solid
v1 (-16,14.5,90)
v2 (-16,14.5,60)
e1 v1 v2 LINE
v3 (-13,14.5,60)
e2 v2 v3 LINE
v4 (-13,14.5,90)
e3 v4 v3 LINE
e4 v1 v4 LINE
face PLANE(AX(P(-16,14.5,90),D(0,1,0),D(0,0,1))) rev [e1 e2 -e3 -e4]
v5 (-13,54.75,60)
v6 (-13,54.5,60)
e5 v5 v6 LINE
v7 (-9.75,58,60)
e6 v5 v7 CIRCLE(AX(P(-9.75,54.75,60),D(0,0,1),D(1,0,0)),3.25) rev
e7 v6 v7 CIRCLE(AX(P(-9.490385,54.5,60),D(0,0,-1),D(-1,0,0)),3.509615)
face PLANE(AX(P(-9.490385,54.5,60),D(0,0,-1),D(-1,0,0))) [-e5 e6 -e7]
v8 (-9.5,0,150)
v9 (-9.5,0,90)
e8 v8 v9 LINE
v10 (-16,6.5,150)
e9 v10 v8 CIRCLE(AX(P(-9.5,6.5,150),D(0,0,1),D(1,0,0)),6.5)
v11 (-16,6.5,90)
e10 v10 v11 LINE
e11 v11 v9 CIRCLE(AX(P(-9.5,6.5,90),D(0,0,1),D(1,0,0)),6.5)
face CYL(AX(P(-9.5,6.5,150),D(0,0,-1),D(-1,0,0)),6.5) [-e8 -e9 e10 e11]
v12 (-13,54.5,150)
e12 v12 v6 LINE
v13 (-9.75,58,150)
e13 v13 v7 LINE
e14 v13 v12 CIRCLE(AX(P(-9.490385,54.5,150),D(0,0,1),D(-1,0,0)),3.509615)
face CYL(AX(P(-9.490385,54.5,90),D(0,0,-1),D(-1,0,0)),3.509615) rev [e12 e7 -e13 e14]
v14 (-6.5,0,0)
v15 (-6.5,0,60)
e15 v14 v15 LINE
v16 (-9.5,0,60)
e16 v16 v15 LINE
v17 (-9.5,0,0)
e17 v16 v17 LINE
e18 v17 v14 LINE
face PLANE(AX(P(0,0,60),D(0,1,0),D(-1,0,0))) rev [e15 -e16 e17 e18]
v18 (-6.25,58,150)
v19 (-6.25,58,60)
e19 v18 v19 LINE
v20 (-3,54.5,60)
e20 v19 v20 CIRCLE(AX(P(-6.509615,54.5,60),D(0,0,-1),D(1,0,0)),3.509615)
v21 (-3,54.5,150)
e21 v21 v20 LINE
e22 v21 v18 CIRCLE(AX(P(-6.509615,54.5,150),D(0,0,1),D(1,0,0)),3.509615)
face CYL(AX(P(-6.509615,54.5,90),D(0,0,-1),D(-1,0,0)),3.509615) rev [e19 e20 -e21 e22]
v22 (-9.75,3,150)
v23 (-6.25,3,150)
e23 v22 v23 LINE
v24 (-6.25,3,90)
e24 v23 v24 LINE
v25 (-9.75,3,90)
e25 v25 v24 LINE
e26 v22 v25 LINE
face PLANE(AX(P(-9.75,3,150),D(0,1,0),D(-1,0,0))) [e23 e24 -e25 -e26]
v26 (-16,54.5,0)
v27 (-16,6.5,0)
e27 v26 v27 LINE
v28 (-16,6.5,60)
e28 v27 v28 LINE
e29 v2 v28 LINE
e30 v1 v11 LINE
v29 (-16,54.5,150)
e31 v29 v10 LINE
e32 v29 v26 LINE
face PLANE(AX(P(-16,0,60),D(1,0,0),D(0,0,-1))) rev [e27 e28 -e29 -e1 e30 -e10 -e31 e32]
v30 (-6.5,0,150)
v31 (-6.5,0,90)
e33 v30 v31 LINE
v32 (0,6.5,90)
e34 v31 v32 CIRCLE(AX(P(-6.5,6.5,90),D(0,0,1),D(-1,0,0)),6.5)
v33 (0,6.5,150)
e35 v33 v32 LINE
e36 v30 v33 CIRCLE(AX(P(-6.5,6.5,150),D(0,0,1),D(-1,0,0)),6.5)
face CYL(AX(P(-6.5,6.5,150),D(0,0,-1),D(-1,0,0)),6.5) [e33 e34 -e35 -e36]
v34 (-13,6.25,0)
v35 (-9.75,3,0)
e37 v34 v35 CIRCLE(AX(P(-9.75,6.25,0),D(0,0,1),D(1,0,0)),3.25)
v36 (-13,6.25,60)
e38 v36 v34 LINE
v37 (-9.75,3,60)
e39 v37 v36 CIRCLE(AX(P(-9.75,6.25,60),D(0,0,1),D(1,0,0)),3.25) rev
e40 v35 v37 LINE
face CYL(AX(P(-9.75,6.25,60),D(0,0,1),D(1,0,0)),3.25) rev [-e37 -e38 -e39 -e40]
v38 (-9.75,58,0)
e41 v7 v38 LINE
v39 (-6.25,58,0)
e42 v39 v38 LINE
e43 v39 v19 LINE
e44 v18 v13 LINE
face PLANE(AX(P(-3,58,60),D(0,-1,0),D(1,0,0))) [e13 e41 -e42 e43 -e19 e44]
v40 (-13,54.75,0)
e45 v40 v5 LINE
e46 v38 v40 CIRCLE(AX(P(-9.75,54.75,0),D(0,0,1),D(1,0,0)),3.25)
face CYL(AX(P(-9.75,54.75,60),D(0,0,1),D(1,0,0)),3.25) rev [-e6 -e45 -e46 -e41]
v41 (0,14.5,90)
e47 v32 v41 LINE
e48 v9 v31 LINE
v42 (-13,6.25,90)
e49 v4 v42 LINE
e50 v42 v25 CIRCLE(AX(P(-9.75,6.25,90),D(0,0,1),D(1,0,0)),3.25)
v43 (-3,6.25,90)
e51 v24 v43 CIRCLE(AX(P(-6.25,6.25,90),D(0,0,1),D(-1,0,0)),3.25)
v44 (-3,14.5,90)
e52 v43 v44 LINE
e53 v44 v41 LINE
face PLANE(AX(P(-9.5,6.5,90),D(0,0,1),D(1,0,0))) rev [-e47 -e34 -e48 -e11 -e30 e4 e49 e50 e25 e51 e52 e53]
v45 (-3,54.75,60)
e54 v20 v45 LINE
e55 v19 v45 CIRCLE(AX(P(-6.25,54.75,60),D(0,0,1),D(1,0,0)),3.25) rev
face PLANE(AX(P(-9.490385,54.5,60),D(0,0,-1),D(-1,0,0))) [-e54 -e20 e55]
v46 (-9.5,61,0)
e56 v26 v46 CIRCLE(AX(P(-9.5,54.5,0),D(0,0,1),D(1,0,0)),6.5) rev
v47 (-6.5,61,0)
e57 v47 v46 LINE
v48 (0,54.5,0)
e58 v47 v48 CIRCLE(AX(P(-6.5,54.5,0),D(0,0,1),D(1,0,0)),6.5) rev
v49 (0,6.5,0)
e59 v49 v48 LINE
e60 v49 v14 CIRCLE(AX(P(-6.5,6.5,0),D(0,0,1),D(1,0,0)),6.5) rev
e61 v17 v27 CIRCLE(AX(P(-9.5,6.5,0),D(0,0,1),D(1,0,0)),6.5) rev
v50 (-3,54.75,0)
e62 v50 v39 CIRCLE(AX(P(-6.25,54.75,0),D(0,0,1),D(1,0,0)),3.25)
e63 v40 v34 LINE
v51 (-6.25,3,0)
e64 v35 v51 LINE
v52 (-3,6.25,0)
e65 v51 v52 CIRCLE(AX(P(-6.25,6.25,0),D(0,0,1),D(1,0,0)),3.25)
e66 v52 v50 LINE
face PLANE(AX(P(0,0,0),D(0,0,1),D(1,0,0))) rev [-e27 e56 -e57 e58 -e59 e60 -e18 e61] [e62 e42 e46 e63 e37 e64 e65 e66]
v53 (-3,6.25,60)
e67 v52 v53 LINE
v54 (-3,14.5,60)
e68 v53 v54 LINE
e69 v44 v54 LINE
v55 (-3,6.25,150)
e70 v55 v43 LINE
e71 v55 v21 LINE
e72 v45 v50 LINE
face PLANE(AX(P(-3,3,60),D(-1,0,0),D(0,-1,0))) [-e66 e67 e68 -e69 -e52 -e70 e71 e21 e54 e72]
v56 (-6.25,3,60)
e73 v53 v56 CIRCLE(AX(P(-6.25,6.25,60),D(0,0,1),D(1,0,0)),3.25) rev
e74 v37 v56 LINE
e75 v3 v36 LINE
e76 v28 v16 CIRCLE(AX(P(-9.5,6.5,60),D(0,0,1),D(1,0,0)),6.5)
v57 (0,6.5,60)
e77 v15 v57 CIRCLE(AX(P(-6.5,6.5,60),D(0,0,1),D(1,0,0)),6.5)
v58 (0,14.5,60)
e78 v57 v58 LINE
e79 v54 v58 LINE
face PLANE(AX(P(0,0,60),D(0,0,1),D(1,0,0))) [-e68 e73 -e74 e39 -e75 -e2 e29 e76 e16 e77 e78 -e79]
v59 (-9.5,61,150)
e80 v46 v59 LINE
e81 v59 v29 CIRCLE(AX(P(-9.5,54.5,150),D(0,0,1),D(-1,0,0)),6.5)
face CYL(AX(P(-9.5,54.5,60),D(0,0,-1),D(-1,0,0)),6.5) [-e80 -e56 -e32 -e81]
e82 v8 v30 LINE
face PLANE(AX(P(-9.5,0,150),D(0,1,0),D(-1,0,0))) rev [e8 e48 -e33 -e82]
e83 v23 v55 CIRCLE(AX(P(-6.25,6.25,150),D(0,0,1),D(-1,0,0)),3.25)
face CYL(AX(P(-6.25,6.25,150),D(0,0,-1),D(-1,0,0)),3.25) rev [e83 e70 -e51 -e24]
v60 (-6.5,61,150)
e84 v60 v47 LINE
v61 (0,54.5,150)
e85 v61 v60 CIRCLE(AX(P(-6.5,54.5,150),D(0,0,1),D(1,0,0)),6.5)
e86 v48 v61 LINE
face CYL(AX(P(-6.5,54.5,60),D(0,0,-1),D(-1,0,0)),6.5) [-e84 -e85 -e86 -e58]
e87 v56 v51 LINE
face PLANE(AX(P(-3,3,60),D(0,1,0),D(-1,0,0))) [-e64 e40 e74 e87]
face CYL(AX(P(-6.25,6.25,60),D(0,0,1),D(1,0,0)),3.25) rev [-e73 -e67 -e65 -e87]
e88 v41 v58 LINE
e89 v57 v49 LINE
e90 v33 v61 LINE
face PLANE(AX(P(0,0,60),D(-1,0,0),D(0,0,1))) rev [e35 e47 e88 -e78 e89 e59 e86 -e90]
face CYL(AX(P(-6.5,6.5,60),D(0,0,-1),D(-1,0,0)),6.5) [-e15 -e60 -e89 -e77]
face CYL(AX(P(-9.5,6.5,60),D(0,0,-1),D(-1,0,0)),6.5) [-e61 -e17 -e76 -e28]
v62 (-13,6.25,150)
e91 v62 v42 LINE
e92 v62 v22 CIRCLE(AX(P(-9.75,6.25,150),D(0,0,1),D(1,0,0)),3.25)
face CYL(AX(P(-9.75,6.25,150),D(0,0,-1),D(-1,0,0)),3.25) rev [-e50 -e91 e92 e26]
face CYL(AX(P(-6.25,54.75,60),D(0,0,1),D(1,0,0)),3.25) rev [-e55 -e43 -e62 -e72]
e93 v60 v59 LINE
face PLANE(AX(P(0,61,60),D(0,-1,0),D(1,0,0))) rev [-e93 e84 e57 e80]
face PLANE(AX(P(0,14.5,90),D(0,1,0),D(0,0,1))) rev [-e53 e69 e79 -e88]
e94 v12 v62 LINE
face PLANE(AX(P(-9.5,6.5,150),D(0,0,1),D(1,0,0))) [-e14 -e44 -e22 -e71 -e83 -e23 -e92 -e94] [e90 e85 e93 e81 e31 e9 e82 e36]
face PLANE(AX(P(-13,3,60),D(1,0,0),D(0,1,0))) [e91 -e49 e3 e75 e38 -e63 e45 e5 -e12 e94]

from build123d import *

# Parameters (mm, degrees)
SCHIZZO1_W                   = 16
SCHIZZO1_H                   = 61
SCHIZZO1_W_2                 = 10
SCHIZZO1_H_2                 = 55
ESTRUSIONE_ESTRUSIONE2_DEPTH = 60
RACCORDO1_R                  = 6.5
RACCORDO2_R                  = 3.25
ESTRUSIONE_ESTRUSIONE3_START = 30
ESTRUSIONE_ESTRUSIONE3_DEPTH = 30
ESTRUSIONE_ESTRUSIONE4_START = 60
ESTRUSIONE_ESTRUSIONE4_DEPTH = 60


with BuildPart() as part:
    # Schizzo1 → Estrusione-Estrusione2 (new body)
    with BuildSketch(Plane.XY):
        with Locations((-8, 30.5)):
            Rectangle(SCHIZZO1_W, SCHIZZO1_H)
        with Locations((-8, 30.5)):
            Rectangle(SCHIZZO1_W_2, SCHIZZO1_H_2, mode=Mode.SUBTRACT)
    extrude(amount=ESTRUSIONE_ESTRUSIONE2_DEPTH)

    # Raccordo1
    raccordo1_edges = [part.edges().sort_by_distance(p)[0] for p in [
        (0, 0, 30),
        (-16, 0, 30),
        (-16, 61, 30),
        (0, 61, 30),
    ]]
    fillet(raccordo1_edges, radius=RACCORDO1_R)

    # Raccordo2
    raccordo2_edges = [part.edges().sort_by_distance(p)[0] for p in [
        (-3, 3, 30),
        (-3, 58, 30),
        (-13, 58, 30),
        (-13, 3, 30),
    ]]
    fillet(raccordo2_edges, radius=RACCORDO2_R)

    # Schizzo2 → Estrusione-Estrusione3 (add)
    with BuildSketch(Plane.XY.offset(60).offset(ESTRUSIONE_ESTRUSIONE3_START)):
        with BuildLine():
            Line((-16, 14.5), (-16, 54.5))
            ThreePointArc((-16, 54.5), (-14.096194078, 59.096194078), (-9.5, 61))
            Line((-9.5, 61), (-6.5, 61))
            ThreePointArc((-6.5, 61), (-1.903805922, 59.096194078), (0, 54.5))
            Line((0, 54.5), (0, 14.5))
            Line((0, 14.5), (-3, 14.5))
            Line((-3, 14.5), (-3, 54.5))
            ThreePointArc((-3, 54.5), (-3.937792073, 56.888121647), (-6.25, 58))
            Line((-6.25, 58), (-9.75, 58))
            ThreePointArc((-9.75, 58), (-12.062207927, 56.888121647), (-13, 54.5))
            Line((-13, 54.5), (-13, 14.5))
            Line((-13, 14.5), (-16, 14.5))
        make_face()
    extrude(amount=-ESTRUSIONE_ESTRUSIONE3_DEPTH)

    # Schizzo3 → Estrusione-Estrusione4 (add)
    with BuildSketch(Plane.XY.offset(90).offset(ESTRUSIONE_ESTRUSIONE4_START)):
        with BuildLine():
            Line((-16, 6.5), (-16, 54.5))
            ThreePointArc((-16, 54.5), (-14.096194078, 59.096194078), (-9.5, 61))
            Line((-9.5, 61), (-6.5, 61))
            ThreePointArc((-6.5, 61), (-1.903805922, 59.096194078), (0, 54.5))
            Line((0, 54.5), (0, 6.5))
            ThreePointArc((0, 6.5), (-1.903805922, 1.903805922), (-6.5, 0))
            Line((-6.5, 0), (-9.5, 0))
            ThreePointArc((-9.5, 0), (-14.096194078, 1.903805922), (-16, 6.5))
        make_face()
        with BuildLine():
            Line((-13, 54.5), (-13, 6.25))
            ThreePointArc((-13, 6.25), (-12.048097039, 3.951902961), (-9.75, 3))
            Line((-9.75, 3), (-6.25, 3))
            ThreePointArc((-6.25, 3), (-3.951902961, 3.951902961), (-3, 6.25))
            Line((-3, 6.25), (-3, 54.5))
            ThreePointArc((-3, 54.5), (-3.937792073, 56.888121647), (-6.25, 58))
            Line((-6.25, 58), (-9.75, 58))
            ThreePointArc((-9.75, 58), (-12.062207927, 56.888121647), (-13, 54.5))
        make_face(mode=Mode.SUBTRACT)
    extrude(amount=-ESTRUSIONE_ESTRUSIONE4_DEPTH)


solid = part.part
